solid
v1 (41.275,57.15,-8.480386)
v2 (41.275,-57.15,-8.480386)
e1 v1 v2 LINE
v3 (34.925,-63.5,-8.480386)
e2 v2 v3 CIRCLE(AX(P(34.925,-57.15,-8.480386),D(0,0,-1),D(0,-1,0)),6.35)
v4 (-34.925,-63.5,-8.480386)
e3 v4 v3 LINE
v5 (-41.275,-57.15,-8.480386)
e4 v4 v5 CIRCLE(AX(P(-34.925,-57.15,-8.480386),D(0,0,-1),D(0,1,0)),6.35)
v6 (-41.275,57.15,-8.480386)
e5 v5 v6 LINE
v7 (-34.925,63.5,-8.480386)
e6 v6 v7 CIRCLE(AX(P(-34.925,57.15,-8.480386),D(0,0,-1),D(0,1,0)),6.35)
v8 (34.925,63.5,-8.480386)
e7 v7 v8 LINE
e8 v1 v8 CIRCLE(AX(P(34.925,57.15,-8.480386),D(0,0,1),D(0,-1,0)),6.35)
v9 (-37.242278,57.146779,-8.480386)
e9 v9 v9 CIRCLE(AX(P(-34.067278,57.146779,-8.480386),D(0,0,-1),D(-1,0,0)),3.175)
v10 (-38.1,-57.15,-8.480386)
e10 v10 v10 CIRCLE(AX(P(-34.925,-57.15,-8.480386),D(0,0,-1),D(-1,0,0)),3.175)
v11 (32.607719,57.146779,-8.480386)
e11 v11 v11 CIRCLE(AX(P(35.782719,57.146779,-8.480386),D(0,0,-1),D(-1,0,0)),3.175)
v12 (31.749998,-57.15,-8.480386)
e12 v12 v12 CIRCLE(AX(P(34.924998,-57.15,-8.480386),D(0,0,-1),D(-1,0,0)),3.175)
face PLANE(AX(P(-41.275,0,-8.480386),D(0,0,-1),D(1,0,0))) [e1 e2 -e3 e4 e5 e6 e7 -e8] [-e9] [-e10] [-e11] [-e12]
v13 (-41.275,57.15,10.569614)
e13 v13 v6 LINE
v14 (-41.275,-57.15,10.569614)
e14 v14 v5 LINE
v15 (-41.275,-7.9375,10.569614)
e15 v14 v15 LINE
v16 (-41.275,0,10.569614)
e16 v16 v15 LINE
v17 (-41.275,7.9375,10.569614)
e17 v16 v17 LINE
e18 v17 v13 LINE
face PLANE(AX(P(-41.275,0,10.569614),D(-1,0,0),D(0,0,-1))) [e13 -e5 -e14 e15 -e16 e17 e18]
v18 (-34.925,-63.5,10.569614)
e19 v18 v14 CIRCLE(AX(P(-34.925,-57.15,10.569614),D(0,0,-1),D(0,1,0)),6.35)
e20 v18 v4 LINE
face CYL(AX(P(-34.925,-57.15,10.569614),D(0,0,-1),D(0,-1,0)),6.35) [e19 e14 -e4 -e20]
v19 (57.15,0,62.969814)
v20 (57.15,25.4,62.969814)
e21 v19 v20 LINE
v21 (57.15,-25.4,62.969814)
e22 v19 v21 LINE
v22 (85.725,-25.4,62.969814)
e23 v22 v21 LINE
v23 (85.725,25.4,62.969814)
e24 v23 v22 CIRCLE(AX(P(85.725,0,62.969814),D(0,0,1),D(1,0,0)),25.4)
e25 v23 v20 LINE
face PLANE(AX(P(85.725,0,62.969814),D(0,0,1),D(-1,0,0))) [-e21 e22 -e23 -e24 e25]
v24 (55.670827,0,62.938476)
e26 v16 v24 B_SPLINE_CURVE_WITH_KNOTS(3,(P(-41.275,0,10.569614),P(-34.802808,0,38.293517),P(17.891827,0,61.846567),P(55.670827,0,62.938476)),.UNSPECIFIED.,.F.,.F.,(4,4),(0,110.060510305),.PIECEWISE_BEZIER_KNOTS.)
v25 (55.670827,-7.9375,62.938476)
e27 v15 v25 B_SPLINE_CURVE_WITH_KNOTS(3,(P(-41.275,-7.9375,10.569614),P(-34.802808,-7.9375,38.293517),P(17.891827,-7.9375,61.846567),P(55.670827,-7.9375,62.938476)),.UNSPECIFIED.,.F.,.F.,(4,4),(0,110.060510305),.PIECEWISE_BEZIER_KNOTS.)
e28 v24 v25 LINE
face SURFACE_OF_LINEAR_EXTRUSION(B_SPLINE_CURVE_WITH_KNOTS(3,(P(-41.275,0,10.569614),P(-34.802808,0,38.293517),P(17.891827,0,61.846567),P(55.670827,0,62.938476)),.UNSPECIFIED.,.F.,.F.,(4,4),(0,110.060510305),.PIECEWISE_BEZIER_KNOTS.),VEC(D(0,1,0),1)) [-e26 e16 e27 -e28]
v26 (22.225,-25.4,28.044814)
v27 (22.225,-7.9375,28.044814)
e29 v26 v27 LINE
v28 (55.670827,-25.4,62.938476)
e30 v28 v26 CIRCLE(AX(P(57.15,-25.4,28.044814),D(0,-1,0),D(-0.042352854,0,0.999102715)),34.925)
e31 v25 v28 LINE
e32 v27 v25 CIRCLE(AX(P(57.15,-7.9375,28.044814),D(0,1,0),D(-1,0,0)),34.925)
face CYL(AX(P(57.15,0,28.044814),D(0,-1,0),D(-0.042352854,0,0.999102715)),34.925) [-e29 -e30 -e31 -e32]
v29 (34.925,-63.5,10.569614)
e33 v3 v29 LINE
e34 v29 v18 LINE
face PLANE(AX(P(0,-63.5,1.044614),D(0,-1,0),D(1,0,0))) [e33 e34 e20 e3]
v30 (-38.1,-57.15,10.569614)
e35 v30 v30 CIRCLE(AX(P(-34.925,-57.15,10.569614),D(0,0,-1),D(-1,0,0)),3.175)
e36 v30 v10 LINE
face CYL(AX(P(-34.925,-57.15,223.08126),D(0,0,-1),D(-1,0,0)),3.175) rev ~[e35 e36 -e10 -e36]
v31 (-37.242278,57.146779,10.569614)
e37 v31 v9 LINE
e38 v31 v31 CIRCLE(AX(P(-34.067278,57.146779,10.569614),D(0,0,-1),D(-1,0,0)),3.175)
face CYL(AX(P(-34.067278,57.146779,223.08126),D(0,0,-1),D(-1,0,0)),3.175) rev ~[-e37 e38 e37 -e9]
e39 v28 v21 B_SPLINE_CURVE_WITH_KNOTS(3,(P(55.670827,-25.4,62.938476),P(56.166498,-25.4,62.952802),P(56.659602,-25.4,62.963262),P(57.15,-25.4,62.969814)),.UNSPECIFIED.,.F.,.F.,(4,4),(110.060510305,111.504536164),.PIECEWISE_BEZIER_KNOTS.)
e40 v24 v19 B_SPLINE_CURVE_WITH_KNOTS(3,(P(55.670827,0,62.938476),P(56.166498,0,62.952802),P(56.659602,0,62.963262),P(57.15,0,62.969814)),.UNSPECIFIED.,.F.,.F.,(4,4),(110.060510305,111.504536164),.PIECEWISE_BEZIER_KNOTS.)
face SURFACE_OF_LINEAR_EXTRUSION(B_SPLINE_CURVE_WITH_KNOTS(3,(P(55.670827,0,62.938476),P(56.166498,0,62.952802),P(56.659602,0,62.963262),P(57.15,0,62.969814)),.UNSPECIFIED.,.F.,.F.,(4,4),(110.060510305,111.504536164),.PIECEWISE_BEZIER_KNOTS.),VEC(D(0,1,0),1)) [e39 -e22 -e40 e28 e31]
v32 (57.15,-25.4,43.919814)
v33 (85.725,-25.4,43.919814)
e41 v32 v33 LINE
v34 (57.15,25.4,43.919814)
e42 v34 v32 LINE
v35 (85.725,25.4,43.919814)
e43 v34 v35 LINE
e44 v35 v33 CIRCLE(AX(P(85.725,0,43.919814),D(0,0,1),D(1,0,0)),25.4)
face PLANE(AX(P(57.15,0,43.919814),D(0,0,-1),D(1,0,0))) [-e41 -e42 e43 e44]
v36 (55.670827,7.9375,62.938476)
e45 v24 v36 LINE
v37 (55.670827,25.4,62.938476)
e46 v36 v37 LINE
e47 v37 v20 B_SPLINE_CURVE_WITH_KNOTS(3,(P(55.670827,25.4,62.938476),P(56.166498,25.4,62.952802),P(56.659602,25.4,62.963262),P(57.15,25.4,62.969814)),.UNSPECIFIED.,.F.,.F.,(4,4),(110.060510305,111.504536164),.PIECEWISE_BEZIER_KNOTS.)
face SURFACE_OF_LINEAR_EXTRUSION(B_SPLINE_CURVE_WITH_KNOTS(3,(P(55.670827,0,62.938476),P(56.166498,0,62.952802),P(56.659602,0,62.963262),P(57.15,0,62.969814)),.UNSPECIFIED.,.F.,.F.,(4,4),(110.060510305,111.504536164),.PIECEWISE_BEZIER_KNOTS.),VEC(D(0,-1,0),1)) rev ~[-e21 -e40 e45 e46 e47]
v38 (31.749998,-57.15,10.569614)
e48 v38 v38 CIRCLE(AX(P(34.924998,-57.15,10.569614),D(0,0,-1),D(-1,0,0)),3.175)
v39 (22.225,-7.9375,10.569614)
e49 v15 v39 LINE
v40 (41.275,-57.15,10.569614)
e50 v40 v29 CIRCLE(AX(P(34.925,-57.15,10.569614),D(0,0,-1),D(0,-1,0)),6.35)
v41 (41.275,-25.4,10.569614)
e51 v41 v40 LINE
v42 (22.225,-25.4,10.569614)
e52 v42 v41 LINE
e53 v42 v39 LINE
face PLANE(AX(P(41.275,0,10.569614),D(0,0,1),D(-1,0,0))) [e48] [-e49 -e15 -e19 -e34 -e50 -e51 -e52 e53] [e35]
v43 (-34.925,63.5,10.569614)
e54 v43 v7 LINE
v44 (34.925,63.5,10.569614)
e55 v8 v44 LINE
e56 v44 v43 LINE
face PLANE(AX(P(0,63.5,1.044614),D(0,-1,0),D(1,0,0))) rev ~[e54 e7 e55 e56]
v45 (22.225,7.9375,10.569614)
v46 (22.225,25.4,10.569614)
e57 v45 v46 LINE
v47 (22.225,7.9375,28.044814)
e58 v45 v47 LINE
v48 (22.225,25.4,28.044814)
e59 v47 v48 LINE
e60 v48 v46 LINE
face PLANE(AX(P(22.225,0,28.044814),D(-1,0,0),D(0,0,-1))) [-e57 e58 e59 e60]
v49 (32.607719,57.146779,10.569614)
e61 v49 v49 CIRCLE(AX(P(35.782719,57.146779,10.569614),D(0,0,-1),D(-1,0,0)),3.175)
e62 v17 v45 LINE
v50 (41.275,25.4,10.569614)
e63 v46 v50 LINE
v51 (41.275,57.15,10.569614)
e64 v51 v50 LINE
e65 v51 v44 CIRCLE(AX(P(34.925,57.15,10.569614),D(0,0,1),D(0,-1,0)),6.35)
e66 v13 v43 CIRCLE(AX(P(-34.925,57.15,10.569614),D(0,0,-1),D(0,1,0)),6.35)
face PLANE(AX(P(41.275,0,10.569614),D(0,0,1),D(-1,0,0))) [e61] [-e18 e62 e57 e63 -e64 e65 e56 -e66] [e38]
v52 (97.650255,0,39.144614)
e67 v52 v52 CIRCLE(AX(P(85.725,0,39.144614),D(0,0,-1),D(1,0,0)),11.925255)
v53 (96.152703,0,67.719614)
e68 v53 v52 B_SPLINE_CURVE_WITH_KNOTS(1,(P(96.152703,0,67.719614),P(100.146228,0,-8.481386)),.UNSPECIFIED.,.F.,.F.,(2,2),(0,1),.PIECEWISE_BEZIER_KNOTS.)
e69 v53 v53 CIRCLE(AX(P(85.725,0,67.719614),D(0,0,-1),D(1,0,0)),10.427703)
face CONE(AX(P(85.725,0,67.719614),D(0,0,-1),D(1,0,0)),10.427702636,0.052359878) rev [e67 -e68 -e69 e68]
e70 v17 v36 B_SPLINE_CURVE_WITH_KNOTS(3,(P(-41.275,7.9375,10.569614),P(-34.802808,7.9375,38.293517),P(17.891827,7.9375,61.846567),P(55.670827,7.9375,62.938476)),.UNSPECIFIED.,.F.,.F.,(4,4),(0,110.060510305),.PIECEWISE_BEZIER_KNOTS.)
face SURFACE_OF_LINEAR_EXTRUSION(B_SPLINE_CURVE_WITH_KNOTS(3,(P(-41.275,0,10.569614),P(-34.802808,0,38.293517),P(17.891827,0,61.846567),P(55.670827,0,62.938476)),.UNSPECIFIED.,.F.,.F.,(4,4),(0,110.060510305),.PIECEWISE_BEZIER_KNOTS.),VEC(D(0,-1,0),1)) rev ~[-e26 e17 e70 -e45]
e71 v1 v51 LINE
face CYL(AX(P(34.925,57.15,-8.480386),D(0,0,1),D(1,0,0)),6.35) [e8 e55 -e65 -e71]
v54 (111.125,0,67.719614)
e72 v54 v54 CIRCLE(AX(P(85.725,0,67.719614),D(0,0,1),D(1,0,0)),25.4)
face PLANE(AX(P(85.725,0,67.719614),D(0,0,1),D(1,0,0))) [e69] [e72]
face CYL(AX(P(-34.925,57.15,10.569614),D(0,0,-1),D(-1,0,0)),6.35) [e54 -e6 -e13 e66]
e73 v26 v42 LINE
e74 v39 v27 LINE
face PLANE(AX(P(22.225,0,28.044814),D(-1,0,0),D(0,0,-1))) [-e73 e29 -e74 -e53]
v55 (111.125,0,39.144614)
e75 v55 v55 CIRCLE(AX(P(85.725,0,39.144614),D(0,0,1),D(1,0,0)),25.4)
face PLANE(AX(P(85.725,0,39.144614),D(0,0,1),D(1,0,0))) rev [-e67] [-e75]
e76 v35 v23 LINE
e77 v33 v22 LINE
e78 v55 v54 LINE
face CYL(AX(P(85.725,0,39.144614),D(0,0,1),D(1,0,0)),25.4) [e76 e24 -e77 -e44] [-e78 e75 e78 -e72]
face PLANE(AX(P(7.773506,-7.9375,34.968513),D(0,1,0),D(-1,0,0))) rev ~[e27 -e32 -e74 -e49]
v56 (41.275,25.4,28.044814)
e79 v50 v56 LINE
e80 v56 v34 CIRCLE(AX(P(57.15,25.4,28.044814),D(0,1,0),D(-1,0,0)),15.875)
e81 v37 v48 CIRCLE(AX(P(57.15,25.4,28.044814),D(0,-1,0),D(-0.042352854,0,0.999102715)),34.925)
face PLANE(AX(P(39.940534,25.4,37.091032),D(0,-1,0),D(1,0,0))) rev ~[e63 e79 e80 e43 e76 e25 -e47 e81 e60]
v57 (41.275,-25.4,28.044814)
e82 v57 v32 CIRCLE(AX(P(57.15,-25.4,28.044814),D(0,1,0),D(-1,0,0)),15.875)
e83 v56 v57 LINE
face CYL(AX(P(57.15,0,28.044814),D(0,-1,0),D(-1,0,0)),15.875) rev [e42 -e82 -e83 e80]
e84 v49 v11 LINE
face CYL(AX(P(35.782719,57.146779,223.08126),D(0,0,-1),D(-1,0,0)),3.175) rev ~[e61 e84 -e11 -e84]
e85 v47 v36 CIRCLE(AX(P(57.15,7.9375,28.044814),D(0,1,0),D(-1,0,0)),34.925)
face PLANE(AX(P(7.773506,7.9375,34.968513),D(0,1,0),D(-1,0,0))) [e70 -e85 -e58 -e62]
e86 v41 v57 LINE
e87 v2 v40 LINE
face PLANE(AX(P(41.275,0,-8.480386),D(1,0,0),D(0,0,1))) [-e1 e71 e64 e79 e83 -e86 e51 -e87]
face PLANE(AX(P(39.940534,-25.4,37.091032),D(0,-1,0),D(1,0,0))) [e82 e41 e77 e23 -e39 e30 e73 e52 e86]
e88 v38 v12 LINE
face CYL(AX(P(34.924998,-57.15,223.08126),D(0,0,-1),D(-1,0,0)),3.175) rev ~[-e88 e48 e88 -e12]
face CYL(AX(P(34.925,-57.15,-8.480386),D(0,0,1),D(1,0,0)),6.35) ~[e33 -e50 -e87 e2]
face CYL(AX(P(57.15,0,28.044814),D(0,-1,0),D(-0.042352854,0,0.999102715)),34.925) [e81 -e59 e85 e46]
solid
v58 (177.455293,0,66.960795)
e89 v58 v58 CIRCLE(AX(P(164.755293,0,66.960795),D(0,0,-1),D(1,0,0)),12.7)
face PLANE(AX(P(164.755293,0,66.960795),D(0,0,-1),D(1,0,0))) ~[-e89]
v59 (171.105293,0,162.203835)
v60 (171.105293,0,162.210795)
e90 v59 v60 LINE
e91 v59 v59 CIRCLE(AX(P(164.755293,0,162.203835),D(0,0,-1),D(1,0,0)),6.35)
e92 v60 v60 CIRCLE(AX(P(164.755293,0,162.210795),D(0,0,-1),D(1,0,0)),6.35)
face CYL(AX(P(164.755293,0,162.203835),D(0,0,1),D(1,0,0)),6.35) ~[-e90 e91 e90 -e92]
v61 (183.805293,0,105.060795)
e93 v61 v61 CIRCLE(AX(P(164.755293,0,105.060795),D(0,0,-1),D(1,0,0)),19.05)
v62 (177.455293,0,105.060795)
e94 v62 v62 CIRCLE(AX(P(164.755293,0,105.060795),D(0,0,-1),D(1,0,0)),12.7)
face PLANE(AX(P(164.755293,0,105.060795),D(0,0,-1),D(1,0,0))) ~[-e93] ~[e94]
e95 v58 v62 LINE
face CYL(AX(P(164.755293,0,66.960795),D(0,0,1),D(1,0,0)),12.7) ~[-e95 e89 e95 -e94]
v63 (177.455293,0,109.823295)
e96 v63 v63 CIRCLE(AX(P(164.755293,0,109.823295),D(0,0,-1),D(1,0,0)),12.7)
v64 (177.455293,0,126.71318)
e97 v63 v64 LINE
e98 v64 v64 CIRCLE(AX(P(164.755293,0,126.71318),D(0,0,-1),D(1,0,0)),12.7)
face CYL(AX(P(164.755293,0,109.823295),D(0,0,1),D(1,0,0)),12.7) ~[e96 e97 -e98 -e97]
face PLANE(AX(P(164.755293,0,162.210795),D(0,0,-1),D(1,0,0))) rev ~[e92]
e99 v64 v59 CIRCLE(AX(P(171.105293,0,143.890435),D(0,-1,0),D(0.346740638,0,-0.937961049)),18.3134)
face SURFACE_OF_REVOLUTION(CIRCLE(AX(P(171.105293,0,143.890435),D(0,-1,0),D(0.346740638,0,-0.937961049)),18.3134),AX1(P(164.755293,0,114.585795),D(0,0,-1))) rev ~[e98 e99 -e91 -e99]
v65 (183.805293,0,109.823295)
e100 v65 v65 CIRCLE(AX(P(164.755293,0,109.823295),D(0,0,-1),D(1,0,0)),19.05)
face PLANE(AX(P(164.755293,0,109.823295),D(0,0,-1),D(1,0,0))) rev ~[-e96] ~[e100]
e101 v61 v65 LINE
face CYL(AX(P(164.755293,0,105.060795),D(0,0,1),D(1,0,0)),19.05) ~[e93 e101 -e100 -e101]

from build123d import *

# Parameters (mm, degrees)
F1_DEPTH = 63.5
F0_W     = 25.4
F0_H     = 19.05
F2_DEPTH = 25.4
F3_DEPTH = 7.9375
F5_R     = 6.35
F6_R     = 10.4277026359
F7_DEPTH = 76.201
F7_TAPER = -3
F9_D     = 6.35


with BuildPart() as f1:
    # F0 (on Front) → F1 (new body, symmetric)
    with BuildSketch(Plane.XZ):
        Polygon((-41.275, -8.4803864146), (41.275, -8.4803864146), (41.275, 10.5696135854), (22.225, 10.5696135854), (-41.275, 10.5696135854), align=None)
    extrude(amount=F1_DEPTH, both=True)

    # F0 (on Front) → F2 (join, symmetric)
    with BuildSketch(Plane.XZ):
        with BuildLine():
            Line((22.225, 10.5696135854), (41.275, 10.5696135854))
            Line((41.275, 10.5696135854), (41.275, 28.0448135854))
            ThreePointArc((41.275, 28.0448135854), (45.9246798487, 39.2701337367), (57.15, 43.9198135854))
            Line((57.15, 43.9198135854), (60.325, 43.9198135854))
            Line((60.325, 43.9198135854), (60.325, 62.9698135854))
            Line((60.325, 62.9698135854), (57.15, 62.9698135854))
            add(Edge.make_bspline(
                [(55.670826569, 62.9384759177), (56.1664980149, 62.9528020829), (56.6596018531, 62.963261742), (57.15, 62.9698135854)],
                knots=[110.0605103046, 110.0605103046, 110.0605103046, 110.0605103046, 111.5045361635, 111.5045361635, 111.5045361635, 111.5045361635], degree=3))
            ThreePointArc((55.670826569, 62.9384759177), (31.936751924, 52.2118933937), (22.225, 28.0448135854))
            Line((22.225, 28.0448135854), (22.225, 10.5696135854))
        make_face()
        with Locations((73.025, 53.4448135854)):
            Rectangle(F0_W, F0_H)
    extrude(amount=F2_DEPTH, both=True)

    # F0 (on Front) → F3 (join, symmetric)
    with BuildSketch(Plane.XZ):
        with BuildLine():
            add(Edge.make_bspline(
                [(-41.275, 10.5696135854), (-34.8028083987, 38.2935172536), (17.8918270147, 61.8465667659), (55.670826569, 62.9384759177)],
                knots=[0, 0, 0, 0, 110.0605103046, 110.0605103046, 110.0605103046, 110.0605103046], degree=3))
            Line((-41.275, 10.5696135854), (22.225, 10.5696135854))
            Line((22.225, 10.5696135854), (22.225, 28.0448135854))
            ThreePointArc((22.225, 28.0448135854), (31.936751924, 52.2118933937), (55.670826569, 62.9384759177))
        make_face()
    extrude(amount=F3_DEPTH, both=True)

    # F0 (on Front) → F4 (revolve)
    with BuildSketch(Plane.XZ):
        Polygon((85.725, 62.9698135854), (85.725, 43.9198135854), (85.725, 39.1446135854), (111.125, 39.1446135854), (111.125, 67.7196135854), (85.725, 67.7196135854), align=None)
    revolve(axis=Axis((85.725, 0, 53.4321135854), (0, 0, 1)))

    # F5
    f5_edges = [f1.edges().sort_by_distance(p)[0] for p in [
        (-41.275, -63.5, 1.044614),
        (41.275, -63.5, 1.044614),
        (41.275, 63.5, 1.044614),
        (-41.275, 63.5, 1.044614),
    ]]
    fillet(f5_edges, radius=F5_R)

    # F6 (on face) → F7 (cut, through all)
    with BuildSketch(Plane.XY.offset(67.7196135854)):
        with Locations((85.725, 0)):
            Circle(F6_R)
    extrude(amount=-F7_DEPTH, taper=F7_TAPER, mode=Mode.SUBTRACT)

    # F9 (through all)
    with Locations(Plane.XY.offset(10.5696135854)):
        with Locations((34.9249977589, -57.15), (-34.925, -57.15), (35.7827192911, 57.146779417), (-34.0672784677, 57.146779417)):
            Hole(F9_D / 2)


with BuildPart() as f11:
    # F10 (on Front) → F11 (revolve)
    with BuildSketch(Plane.XZ):
        with BuildLine():
            Line((164.7552926287, 162.2107950438), (164.7552926287, 66.9607950438))
            Line((164.7552926287, 66.9607950438), (177.4552926287, 66.9607950438))
            Line((177.4552926287, 66.9607950438), (177.4552926287, 105.0607950438))
            Line((177.4552926287, 105.0607950438), (183.8052926287, 105.0607950438))
            Line((183.8052926287, 105.0607950438), (183.8052926287, 109.8232950438))
            Line((183.8052926287, 109.8232950438), (177.4552926287, 109.8232950438))
            Line((177.4552926287, 109.8232950438), (177.4552926287, 126.7131795641))
            ThreePointArc((177.4552926287, 126.7131795641), (189.1324190967, 147.1158549306), (171.1052926287, 162.2038354438))
            Line((171.1052926287, 162.2038354438), (171.1052926287, 162.2107950438))
            Line((171.1052926287, 162.2107950438), (164.7552926287, 162.2107950438))
        make_face()
    revolve(axis=Axis((164.7552926287, 0, 114.5857950438), (0, 0, -1)))


solid = Compound([f1.part, f11.part])
